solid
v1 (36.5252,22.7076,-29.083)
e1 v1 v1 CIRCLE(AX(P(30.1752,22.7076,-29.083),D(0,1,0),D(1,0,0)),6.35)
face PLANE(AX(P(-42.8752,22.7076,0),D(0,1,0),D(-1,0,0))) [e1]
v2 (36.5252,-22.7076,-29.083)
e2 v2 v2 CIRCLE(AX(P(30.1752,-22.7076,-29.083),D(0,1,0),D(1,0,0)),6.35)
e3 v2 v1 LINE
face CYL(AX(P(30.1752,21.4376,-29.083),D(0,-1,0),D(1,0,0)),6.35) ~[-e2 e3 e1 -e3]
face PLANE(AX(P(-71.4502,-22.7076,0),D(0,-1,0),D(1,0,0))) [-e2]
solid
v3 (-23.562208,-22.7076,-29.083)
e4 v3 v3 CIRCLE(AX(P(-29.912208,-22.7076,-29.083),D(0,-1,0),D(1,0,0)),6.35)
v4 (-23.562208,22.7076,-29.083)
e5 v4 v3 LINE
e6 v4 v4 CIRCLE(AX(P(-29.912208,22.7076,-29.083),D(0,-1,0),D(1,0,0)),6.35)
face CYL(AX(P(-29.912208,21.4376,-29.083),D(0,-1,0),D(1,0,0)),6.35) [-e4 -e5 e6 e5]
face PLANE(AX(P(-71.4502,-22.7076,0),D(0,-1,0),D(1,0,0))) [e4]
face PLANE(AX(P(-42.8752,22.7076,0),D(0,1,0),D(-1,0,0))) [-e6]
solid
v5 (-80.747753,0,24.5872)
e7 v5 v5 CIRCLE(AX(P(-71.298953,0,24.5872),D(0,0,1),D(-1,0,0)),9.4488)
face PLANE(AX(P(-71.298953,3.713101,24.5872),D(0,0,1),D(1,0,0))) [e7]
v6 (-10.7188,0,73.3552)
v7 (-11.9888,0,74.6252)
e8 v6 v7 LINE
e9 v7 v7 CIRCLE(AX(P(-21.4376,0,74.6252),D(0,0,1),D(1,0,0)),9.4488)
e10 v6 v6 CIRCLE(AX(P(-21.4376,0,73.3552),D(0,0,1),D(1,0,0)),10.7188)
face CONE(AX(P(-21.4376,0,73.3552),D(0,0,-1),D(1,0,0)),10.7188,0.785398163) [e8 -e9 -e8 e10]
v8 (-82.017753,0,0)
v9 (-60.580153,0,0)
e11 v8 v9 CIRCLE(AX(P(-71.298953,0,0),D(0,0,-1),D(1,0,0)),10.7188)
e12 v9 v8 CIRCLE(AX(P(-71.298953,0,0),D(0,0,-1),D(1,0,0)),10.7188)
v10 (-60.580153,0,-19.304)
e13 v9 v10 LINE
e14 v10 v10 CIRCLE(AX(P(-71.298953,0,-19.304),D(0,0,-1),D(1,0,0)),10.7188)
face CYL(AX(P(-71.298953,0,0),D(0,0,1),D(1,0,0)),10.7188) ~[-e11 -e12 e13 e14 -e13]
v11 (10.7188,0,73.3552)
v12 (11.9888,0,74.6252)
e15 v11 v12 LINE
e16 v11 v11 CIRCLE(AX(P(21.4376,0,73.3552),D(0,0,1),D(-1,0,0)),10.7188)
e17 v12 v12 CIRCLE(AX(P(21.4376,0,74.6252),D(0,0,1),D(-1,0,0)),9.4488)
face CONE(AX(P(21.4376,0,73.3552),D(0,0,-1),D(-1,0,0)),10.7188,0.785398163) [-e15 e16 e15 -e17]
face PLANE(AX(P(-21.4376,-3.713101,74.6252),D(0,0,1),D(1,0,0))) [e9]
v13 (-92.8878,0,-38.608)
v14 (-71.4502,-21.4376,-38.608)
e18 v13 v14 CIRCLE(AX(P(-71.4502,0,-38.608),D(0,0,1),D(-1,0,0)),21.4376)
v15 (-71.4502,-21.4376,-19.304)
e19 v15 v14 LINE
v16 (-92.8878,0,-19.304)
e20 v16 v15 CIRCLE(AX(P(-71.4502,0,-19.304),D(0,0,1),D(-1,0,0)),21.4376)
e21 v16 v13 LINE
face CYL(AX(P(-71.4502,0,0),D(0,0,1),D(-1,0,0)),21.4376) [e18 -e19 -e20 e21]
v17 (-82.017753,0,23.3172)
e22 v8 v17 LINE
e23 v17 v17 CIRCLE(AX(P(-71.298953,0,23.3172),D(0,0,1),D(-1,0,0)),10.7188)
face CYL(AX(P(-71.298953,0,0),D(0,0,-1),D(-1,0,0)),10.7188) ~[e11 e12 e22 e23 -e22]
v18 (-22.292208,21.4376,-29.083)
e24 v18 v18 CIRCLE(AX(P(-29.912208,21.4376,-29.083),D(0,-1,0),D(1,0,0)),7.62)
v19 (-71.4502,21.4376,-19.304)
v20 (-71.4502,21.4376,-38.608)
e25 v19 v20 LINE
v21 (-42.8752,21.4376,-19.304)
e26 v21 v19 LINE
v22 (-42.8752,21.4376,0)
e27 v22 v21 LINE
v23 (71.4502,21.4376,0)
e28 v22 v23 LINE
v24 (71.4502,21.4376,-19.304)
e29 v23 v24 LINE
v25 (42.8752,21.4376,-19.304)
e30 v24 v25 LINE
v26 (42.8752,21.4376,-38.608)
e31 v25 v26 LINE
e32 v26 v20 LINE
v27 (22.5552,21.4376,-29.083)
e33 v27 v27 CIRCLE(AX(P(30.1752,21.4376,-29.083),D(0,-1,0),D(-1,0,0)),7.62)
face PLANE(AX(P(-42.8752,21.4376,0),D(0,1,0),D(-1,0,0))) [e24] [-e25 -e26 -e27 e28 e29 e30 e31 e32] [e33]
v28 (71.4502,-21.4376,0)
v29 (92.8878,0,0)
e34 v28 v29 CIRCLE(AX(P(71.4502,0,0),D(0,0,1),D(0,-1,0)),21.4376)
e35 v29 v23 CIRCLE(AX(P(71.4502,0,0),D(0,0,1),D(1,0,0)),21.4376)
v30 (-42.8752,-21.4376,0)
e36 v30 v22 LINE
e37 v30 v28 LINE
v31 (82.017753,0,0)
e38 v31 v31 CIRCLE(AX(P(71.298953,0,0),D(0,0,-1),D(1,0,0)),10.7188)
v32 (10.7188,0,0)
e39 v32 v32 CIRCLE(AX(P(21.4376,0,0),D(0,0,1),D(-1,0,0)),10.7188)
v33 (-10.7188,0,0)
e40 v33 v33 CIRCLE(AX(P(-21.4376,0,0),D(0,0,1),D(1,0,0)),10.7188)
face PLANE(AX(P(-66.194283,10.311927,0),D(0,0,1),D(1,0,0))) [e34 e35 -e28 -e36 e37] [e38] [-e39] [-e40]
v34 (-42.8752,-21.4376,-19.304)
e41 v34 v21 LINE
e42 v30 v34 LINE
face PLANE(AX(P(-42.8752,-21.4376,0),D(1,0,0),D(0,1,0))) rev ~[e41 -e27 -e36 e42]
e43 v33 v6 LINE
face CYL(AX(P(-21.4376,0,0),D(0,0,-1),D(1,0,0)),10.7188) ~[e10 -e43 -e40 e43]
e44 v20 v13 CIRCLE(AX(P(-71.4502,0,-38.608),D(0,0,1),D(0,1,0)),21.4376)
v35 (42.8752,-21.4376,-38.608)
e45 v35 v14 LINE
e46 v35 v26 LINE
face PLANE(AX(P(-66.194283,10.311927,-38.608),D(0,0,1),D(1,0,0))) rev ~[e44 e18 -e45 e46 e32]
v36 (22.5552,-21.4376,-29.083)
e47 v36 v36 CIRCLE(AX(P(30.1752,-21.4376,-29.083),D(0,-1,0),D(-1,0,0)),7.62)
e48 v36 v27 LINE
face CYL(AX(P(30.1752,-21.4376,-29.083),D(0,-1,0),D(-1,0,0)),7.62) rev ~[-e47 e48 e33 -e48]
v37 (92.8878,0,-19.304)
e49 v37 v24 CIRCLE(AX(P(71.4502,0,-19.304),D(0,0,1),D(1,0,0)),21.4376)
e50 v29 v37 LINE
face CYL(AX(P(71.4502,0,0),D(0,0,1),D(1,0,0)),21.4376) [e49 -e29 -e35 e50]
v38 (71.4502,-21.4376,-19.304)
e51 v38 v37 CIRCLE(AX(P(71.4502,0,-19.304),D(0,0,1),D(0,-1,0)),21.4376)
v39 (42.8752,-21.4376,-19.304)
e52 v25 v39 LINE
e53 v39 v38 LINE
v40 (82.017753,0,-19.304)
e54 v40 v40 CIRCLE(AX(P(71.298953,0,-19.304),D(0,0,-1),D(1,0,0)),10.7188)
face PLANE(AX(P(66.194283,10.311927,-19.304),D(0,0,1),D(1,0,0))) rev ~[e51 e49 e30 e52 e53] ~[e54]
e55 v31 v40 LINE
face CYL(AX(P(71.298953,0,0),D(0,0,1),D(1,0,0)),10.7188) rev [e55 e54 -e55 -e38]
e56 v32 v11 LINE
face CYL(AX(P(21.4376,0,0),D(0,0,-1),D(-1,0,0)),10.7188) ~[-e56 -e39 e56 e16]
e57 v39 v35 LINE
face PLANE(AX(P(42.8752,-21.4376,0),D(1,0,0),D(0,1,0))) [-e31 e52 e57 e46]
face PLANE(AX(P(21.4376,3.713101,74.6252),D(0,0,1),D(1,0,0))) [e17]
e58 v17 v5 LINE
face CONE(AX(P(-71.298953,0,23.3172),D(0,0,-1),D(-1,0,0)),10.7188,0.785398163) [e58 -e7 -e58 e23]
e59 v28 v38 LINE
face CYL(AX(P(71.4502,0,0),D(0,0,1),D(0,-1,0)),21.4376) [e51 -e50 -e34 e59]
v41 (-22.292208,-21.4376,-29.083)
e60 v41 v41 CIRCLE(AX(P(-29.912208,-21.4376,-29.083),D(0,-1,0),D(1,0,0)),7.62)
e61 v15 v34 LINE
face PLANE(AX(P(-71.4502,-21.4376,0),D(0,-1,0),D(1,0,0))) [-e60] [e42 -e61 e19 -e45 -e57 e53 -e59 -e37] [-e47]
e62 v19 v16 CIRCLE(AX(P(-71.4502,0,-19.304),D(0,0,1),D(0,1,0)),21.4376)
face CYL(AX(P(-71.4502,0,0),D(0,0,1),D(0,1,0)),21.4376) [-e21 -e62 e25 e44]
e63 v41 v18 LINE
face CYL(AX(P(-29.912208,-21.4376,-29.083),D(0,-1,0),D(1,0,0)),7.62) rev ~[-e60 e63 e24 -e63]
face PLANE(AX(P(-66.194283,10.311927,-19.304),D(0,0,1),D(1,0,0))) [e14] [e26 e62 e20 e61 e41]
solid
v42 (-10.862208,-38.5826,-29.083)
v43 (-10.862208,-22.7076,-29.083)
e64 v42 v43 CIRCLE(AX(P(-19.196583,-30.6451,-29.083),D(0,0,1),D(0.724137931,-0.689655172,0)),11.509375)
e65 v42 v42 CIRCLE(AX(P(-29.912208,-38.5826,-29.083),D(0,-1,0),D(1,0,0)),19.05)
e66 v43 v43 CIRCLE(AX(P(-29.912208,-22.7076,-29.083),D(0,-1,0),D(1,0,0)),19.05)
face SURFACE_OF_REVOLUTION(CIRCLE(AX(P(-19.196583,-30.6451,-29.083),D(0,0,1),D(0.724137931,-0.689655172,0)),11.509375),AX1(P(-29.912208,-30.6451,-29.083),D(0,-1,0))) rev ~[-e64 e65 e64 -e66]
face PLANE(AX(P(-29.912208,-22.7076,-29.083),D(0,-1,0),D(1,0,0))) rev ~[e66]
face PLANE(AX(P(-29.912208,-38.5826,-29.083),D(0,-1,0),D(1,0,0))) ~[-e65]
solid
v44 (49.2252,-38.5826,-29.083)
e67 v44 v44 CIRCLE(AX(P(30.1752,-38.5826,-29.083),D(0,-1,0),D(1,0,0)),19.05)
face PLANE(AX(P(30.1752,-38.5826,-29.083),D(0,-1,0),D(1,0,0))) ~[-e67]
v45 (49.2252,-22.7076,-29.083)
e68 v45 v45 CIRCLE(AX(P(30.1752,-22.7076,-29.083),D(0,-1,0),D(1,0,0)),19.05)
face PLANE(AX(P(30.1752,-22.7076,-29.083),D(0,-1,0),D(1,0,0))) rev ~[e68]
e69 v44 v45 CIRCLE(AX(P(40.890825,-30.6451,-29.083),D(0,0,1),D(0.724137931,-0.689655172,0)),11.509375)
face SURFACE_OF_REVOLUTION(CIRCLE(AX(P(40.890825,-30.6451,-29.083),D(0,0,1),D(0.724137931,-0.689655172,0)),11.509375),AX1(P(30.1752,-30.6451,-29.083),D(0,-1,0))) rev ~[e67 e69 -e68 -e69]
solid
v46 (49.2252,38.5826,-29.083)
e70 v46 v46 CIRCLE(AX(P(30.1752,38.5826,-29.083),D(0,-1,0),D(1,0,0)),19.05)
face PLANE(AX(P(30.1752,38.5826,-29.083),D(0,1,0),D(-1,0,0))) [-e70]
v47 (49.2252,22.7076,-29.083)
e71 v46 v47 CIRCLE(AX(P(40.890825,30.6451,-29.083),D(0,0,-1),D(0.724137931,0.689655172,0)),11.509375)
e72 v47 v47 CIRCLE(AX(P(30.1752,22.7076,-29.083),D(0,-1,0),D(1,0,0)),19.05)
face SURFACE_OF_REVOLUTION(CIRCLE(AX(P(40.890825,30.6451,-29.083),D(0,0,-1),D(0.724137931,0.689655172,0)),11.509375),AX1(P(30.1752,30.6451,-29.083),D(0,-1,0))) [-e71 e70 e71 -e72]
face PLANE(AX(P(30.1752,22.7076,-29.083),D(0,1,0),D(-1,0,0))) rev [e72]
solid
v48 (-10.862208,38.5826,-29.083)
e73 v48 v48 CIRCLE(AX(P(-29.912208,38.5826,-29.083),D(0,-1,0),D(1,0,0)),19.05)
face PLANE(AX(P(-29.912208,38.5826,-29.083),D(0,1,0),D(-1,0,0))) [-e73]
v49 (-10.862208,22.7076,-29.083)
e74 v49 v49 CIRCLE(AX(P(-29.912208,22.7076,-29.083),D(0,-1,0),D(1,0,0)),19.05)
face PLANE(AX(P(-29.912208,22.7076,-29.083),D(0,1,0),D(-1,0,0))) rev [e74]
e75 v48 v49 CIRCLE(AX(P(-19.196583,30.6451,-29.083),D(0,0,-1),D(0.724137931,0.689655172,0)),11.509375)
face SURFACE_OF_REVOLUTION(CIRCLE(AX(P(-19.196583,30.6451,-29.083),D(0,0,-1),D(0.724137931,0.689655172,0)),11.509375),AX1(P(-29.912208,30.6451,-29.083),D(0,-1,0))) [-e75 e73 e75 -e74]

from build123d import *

# Parameters (mm, degrees)
F1_DEPTH  = 38.608
F2_DEPTH  = 74.6252
F3_DEPTH  = 19.304
F4_DEPTH  = 38.608
F5_DEPTH  = 19.304
F6_DEPTH  = 24.5872
F7_SIZE   = 1.27
F8_SIZE   = 1.27
F9_SIZE   = 1.27
F10_R     = 7.62
F10_R_2   = 6.35
F11_DEPTH = 42.8752
F12_DEPTH = 1.27
F13_DEPTH = 1.27


with BuildPart() as f1:
    # F0 (on Top) → F1 (new body)
    with BuildSketch(Plane.XY):
        with BuildLine():
            Line((0, 21.4376), (-42.8752, 21.4376))
            Line((-42.8752, 21.4376), (-42.8752, 0))
            Line((-42.8752, 0), (-32.1564, 0))
            ThreePointArc((-32.1564, 0), (-21.4376, 10.7188), (-10.7188, 0))
            Line((-10.7188, 0), (0, 0))
            Line((0, 0), (0, 21.4376))
        make_face()
        with BuildLine():
            Line((42.8752, 21.4376), (0, 21.4376))
            Line((0, 21.4376), (0, 0))
            Line((0, 0), (10.7188, 0))
            ThreePointArc((10.7188, 0), (21.4376, 10.7188), (32.1564, 0))
            Line((32.1564, 0), (42.8752, 0))
            Line((42.8752, 0), (42.8752, 21.4376))
        make_face()
        with BuildLine():
            ThreePointArc((-10.7188, 0), (-21.4376, 10.7188), (-32.1564, 0))
            Line((-32.1564, 0), (-10.7188, 0))
        make_face()
        with BuildLine():
            Line((-10.7188, 0), (-32.1564, 0))
            ThreePointArc((-32.1564, 0), (-21.4376, -10.7188), (-10.7188, 0))
        make_face()
        with BuildLine():
            ThreePointArc((32.1564, 0), (21.4376, 10.7188), (10.7188, 0))
            Line((10.7188, 0), (32.1564, 0))
        make_face()
        with BuildLine():
            Line((32.1564, 0), (10.7188, 0))
            ThreePointArc((10.7188, 0), (21.4376, -10.7188), (32.1564, 0))
        make_face()
        with BuildLine():
            Line((-32.1564, 0), (-42.8752, 0))
            Line((-42.8752, 0), (-42.8752, -21.4376))
            Line((-42.8752, -21.4376), (0, -21.4376))
            Line((0, -21.4376), (0, 0))
            Line((0, 0), (-10.7188, 0))
            ThreePointArc((-10.7188, 0), (-21.4376, -10.7188), (-32.1564, 0))
        make_face()
        with BuildLine():
            Line((10.7188, 0), (0, 0))
            Line((0, 0), (0, -21.4376))
            Line((0, -21.4376), (42.8752, -21.4376))
            Line((42.8752, -21.4376), (42.8752, 0))
            Line((42.8752, 0), (32.1564, 0))
            ThreePointArc((32.1564, 0), (21.4376, -10.7188), (10.7188, 0))
        make_face()
    extrude(amount=-F1_DEPTH)

    # F0 (on Top) → F2 (join)
    with BuildSketch(Plane.XY):
        with BuildLine():
            Line((-10.7188, 0), (-32.1564, 0))
            ThreePointArc((-32.1564, 0), (-21.4376, -10.7188), (-10.7188, 0))
        make_face()
        with BuildLine():
            ThreePointArc((-10.7188, 0), (-21.4376, 10.7188), (-32.1564, 0))
            Line((-32.1564, 0), (-10.7188, 0))
        make_face()
        with BuildLine():
            ThreePointArc((32.1564, 0), (21.4376, 10.7188), (10.7188, 0))
            Line((10.7188, 0), (32.1564, 0))
        make_face()
        with BuildLine():
            Line((32.1564, 0), (10.7188, 0))
            ThreePointArc((10.7188, 0), (21.4376, -10.7188), (32.1564, 0))
        make_face()
    extrude(amount=F2_DEPTH)

    # F0 (on Top) → F3 (join)
    with BuildSketch(Plane.XY):
        with BuildLine():
            Line((71.4502, 21.4376), (42.8752, 21.4376))
            Line((42.8752, 21.4376), (42.8752, 0))
            Line((42.8752, 0), (60.580153351, 0))
            ThreePointArc((60.580153351, 0), (71.298953351, 10.7188), (82.017753351, 0))
            Line((82.017753351, 0), (92.8878, 0))
            ThreePointArc((92.8878, 0), (86.6088723324, 15.1586723324), (71.4502, 21.4376))
        make_face()
        with BuildLine():
            Line((60.580153351, 0), (42.8752, 0))
            Line((42.8752, 0), (42.8752, -21.4376))
            Line((42.8752, -21.4376), (71.4502, -21.4376))
            ThreePointArc((71.4502, -21.4376), (86.6088723324, -15.1586723324), (92.8878, 0))
            Line((92.8878, 0), (82.017753351, 0))
            ThreePointArc((82.017753351, 0), (71.298953351, -10.7188), (60.580153351, 0))
        make_face()
    extrude(amount=-F3_DEPTH)

    # F0 (on Top) → F4 (join)
    with BuildSketch(Plane.XY):
        with BuildLine():
            Line((-42.8752, 0), (-42.8752, 21.4376))
            Line((-42.8752, 21.4376), (-71.4502, 21.4376))
            ThreePointArc((-71.4502, 21.4376), (-86.6088723324, 15.1586723324), (-92.8878, 0))
            Line((-92.8878, 0), (-82.017753351, 0))
            ThreePointArc((-82.017753351, 0), (-71.298953351, 10.7188), (-60.580153351, 0))
            Line((-60.580153351, 0), (-42.8752, 0))
        make_face()
        with BuildLine():
            Line((-42.8752, -21.4376), (-42.8752, 0))
            Line((-42.8752, 0), (-60.580153351, 0))
            ThreePointArc((-60.580153351, 0), (-71.298953351, -10.7188), (-82.017753351, 0))
            Line((-82.017753351, 0), (-92.8878, 0))
            ThreePointArc((-92.8878, 0), (-86.6088723324, -15.1586723324), (-71.4502, -21.4376))
            Line((-71.4502, -21.4376), (-42.8752, -21.4376))
        make_face()
        with BuildLine():
            Line((-82.017753351, 0), (-60.580153351, 0))
            ThreePointArc((-60.580153351, 0), (-71.298953351, 10.7188), (-82.017753351, 0))
        make_face()
        with BuildLine():
            ThreePointArc((-82.017753351, 0), (-71.298953351, -10.7188), (-60.580153351, 0))
            Line((-60.580153351, 0), (-82.017753351, 0))
        make_face()
    extrude(amount=-F4_DEPTH)

    # F0 (on Top) → F5 (cut)
    with BuildSketch(Plane.XY):
        with BuildLine():
            Line((-42.8752, 0), (-42.8752, 21.4376))
            Line((-42.8752, 21.4376), (-71.4502, 21.4376))
            ThreePointArc((-71.4502, 21.4376), (-86.6088723324, 15.1586723324), (-92.8878, 0))
            Line((-92.8878, 0), (-82.017753351, 0))
            ThreePointArc((-82.017753351, 0), (-71.298953351, 10.7188), (-60.580153351, 0))
            Line((-60.580153351, 0), (-42.8752, 0))
        make_face()
        with BuildLine():
            Line((-42.8752, -21.4376), (-42.8752, 0))
            Line((-42.8752, 0), (-60.580153351, 0))
            ThreePointArc((-60.580153351, 0), (-71.298953351, -10.7188), (-82.017753351, 0))
            Line((-82.017753351, 0), (-92.8878, 0))
            ThreePointArc((-92.8878, 0), (-86.6088723324, -15.1586723324), (-71.4502, -21.4376))
            Line((-71.4502, -21.4376), (-42.8752, -21.4376))
        make_face()
    extrude(amount=-F5_DEPTH, mode=Mode.SUBTRACT)

    # F0 (on Top) → F6 (join)
    with BuildSketch(Plane.XY):
        with BuildLine():
            Line((-82.017753351, 0), (-60.580153351, 0))
            ThreePointArc((-60.580153351, 0), (-71.298953351, 10.7188), (-82.017753351, 0))
        make_face()
        with BuildLine():
            ThreePointArc((-82.017753351, 0), (-71.298953351, -10.7188), (-60.580153351, 0))
            Line((-60.580153351, 0), (-82.017753351, 0))
        make_face()
    extrude(amount=F6_DEPTH)

    # F7
    f7_edges = [f1.edges().sort_by_distance(p)[0] for p in [
        (-32.1564, 0, 74.6252),
    ]]
    chamfer(f7_edges, length=F7_SIZE)

    # F8
    f8_edges = [f1.edges().sort_by_distance(p)[0] for p in [
        (32.1564, 0, 74.6252),
    ]]
    chamfer(f8_edges, length=F8_SIZE)

    # F9
    f9_edges = [f1.edges().sort_by_distance(p)[0] for p in [
        (-60.580153, 0, 24.5872),
    ]]
    chamfer(f9_edges, length=F9_SIZE)

    # F10 (on face) → F11 (cut, through all)
    with BuildSketch(Plane.XZ.offset(21.4376)):
        with BuildLine():
            Line((36.5252, -29.083), (37.7952, -29.083))
            ThreePointArc((37.7952, -29.083), (30.1752, -21.463), (22.5552, -29.083))
            Line((22.5552, -29.083), (23.8252, -29.083))
            ThreePointArc((23.8252, -29.083), (30.1752, -22.733), (36.5252, -29.083))
        make_face()
        with BuildLine():
            ThreePointArc((22.5552, -29.083), (30.1752, -36.703), (37.7952, -29.083))
            Line((37.7952, -29.083), (36.5252, -29.083))
            ThreePointArc((36.5252, -29.083), (30.1752, -35.433), (23.8252, -29.083))
            Line((23.8252, -29.083), (22.5552, -29.083))
        make_face()
        with Locations((-29.9122084, -29.083)):
            Circle(F10_R)
        with Locations((-29.9122084, -29.083)):
            Circle(F10_R_2, mode=Mode.SUBTRACT)
    extrude(amount=-F11_DEPTH, mode=Mode.SUBTRACT)

    # F12 (add): faces of the model
    f12_faces = [f1.faces().sort_by_distance(p)[0] for p in [
        (30.1752, -21.4376, -29.083),
        (-29.9122084, -21.4376, -29.083),
    ]]
    extrude(f12_faces, amount=F12_DEPTH)

    # F13 (add): faces of the model
    f13_faces = [f1.faces().sort_by_distance(p)[0] for p in [
        (-29.9122084, 21.4376, -29.083),
        (30.1752, 21.4376, -29.083),
    ]]
    extrude(f13_faces, amount=F13_DEPTH)


with BuildPart() as f16:
    # F15 (on line) → F16 (revolve)
    with BuildSketch(Plane.XY.offset(-29.083)):
        with BuildLine():
            Line((-10.8622084, -22.7076), (-23.5622084, -22.7076))
            Line((-23.5622084, -22.7076), (-29.9122084, -22.7076))
            Line((-29.9122084, -22.7076), (-29.9122084, -38.5826))
            Line((-29.9122084, -38.5826), (-10.8622084, -38.5826))
            ThreePointArc((-10.8622084, -38.5826), (-7.6872084, -30.6451), (-10.8622084, -22.7076))
        make_face()
    revolve(axis=Axis((-29.9122084, -30.6451, -29.083), (0, -1, 0)))


with BuildPart() as f17:
    # F15 (on line) → F17 (revolve)
    with BuildSketch(Plane.XY.offset(-29.083)):
        with BuildLine():
            Line((49.2252, -22.7076), (36.5252, -22.7076))
            Line((36.5252, -22.7076), (30.1752, -22.7076))
            Line((30.1752, -22.7076), (30.1752, -38.5826))
            Line((30.1752, -38.5826), (49.2252, -38.5826))
            ThreePointArc((49.2252, -38.5826), (52.4002, -30.6451), (49.2252, -22.7076))
        make_face()
    revolve(axis=Axis((30.1752, -30.6451, -29.083), (0, -1, 0)))


with BuildPart() as f18_1:
    # F18: instance of F16
    add(f16.part.mirror(Plane.XZ))


with BuildPart() as f18_2:
    # F18: instance of F17
    add(f17.part.mirror(Plane.XZ))


solid = Compound([f1.part, f16.part, f17.part, f18_1.part, f18_2.part])
